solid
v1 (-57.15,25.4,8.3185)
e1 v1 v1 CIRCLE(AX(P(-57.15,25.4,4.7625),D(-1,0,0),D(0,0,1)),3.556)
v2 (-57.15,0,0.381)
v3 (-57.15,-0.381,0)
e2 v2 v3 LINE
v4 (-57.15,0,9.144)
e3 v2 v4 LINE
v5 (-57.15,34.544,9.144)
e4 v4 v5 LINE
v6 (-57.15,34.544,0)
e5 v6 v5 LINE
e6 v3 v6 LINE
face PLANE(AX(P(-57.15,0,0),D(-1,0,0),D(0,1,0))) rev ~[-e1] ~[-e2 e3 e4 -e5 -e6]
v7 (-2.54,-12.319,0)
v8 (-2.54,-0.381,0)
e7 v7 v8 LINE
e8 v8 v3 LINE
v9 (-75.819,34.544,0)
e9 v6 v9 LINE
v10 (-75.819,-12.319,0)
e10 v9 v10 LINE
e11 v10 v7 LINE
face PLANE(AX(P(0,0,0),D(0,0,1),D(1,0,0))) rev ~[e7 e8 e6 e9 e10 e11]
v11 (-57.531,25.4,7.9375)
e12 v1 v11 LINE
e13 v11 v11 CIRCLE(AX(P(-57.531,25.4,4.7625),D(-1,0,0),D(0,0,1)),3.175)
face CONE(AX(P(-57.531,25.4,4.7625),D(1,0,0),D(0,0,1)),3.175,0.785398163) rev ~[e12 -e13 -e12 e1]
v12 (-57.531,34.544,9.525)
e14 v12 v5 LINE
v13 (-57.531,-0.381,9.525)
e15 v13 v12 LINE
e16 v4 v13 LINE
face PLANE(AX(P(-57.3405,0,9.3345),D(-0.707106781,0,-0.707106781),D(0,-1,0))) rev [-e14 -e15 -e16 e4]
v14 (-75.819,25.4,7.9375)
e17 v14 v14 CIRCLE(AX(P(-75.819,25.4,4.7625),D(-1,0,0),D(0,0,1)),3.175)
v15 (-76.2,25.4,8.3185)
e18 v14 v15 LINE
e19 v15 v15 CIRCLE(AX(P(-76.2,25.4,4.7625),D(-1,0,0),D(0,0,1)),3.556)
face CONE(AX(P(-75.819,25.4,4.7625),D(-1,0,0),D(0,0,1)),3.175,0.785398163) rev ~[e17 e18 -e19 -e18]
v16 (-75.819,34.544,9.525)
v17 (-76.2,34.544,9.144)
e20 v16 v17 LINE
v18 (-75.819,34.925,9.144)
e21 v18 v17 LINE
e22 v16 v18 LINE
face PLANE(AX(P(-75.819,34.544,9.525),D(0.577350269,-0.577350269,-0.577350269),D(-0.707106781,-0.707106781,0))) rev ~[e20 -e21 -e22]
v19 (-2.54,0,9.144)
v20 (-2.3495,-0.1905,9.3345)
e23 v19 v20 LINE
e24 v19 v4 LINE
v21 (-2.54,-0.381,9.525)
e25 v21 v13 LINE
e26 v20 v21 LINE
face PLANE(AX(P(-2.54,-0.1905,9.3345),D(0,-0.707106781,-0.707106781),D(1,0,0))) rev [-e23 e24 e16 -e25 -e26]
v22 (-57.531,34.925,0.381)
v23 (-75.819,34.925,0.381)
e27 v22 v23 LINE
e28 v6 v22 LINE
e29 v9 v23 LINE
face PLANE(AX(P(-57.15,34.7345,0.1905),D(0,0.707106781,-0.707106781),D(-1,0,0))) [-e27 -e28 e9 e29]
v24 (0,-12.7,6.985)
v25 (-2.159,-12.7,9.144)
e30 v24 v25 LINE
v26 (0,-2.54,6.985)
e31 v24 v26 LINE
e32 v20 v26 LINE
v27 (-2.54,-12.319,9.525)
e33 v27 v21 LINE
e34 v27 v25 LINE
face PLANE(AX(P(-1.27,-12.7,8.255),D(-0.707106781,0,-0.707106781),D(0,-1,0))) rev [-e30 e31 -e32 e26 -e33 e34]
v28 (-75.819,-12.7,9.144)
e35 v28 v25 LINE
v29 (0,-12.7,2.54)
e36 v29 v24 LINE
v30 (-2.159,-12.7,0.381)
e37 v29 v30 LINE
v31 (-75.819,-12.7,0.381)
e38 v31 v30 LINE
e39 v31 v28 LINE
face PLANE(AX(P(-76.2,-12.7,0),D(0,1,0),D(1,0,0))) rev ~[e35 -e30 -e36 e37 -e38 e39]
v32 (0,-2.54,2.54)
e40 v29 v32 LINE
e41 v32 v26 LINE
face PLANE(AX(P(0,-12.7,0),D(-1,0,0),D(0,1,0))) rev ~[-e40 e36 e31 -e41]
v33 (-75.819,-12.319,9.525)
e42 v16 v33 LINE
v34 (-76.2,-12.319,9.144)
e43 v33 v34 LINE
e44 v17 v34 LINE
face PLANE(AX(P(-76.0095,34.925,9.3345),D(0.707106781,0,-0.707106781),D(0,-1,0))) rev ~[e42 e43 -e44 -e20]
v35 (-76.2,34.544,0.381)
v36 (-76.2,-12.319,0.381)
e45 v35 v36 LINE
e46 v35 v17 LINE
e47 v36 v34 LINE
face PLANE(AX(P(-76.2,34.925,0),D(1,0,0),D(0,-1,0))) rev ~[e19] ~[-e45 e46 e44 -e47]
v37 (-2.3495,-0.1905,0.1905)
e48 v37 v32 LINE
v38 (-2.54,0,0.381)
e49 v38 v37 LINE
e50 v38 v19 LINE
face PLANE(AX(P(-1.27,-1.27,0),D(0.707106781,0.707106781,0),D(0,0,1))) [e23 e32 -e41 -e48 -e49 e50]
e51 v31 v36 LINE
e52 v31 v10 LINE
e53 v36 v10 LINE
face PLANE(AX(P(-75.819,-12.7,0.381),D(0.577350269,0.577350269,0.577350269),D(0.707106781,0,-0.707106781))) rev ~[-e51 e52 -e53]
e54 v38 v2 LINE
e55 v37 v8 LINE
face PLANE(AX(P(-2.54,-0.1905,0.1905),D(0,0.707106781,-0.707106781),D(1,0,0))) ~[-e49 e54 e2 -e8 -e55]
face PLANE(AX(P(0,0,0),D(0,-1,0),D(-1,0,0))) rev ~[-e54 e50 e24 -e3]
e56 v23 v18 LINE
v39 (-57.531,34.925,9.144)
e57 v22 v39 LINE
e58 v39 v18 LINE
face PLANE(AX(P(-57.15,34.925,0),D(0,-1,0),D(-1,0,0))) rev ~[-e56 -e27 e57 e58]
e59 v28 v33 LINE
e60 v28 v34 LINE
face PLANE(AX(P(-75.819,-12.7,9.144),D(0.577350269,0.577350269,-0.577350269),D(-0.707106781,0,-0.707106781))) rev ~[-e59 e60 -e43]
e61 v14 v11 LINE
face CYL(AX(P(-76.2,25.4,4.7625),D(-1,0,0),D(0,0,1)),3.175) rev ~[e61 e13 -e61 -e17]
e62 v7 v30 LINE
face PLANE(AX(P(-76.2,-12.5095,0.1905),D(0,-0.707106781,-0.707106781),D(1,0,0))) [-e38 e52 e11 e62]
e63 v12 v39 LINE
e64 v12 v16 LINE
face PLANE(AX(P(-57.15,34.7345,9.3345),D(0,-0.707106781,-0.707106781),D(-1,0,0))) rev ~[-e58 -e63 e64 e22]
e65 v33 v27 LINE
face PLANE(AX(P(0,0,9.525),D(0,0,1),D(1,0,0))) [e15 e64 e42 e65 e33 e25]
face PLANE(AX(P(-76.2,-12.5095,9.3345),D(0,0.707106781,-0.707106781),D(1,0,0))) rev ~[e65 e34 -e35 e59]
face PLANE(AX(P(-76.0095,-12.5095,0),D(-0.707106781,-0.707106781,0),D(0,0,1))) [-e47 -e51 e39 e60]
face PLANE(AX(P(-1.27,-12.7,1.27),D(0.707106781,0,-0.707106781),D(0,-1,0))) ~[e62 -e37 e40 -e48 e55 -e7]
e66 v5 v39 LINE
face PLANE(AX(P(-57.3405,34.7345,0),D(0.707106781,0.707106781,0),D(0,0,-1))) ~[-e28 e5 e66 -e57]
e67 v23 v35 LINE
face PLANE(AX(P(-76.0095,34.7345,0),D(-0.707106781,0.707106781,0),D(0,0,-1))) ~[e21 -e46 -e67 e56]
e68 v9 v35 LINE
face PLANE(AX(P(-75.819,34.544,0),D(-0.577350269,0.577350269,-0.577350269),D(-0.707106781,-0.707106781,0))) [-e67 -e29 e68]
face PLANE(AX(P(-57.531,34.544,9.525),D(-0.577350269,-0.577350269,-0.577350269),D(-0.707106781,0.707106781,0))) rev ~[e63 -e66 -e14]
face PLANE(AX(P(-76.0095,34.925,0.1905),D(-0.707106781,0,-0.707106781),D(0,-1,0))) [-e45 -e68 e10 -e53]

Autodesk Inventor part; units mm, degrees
ref_plane "YZ Plane" through (0, 0, 0) normal (1, 0, 0) x (0, 1, 0)
ref_plane "XZ Plane" through (0, 0, 0) normal (0, 1, 0) x (-1, 0, 0)
ref_plane "XY Plane" through (0, 0, 0) normal (0, 0, 1) x (1, 0, 0)
sketch "Sketch1" plane through (0, 0, 0) normal (0, 0, 1) x (1, 0, 0)
  line L0 (-57.15, 34.925) -> (-76.2, 34.925)
  line L1 (-76.2, 34.925) -> (-76.2, -12.7)
  line L2 (-76.2, -12.7) -> (0, -12.7)
  line L3 (0, -12.7) -> (0, 0)
  line L4 (0, 0) -> (-57.15, 0)
  line L5 (-57.15, 0) -> (-57.15, 34.925)
extrude "Extrusion1" add sketch "Sketch1" along normal blind 9.525
chamfer "Chamfer4" distance 2.54 angle 45 3 edges at (0, 0, 4.7625) (0, -6.35, 9.525) (0, -6.35, 0)
chamfer "Chamfer2" distance 0.381 angle 45 12 edges at (-76.2, 34.925, 4.7625) (-57.15, 34.925, 4.7625) (-57.15, 17.4625, 9.525) (-66.675, 34.925, 9.525) (-66.675, 34.925, 0) (-76.2, 11.1125, 9.525) (-76.2, 11.1125, 0) (-29.845, 0, 9.525) (-29.845, 0, 0) (-39.37, -12.7, 9.525) (-76.2, -12.7, 4.7625) (-39.37, -12.7, 0)
sketch "Sketch2" plane through (-76.2, -12.319, 0.381) normal (-1, 0, 0) x (0, 0, 1)
  circle A0 centre (4.3815, 37.719) radius 3.175
  line L0 (-0.381, 46.863) -> (-0.381, 0) projected
  line L1 (8.763, 47.244) -> (0, 47.244) projected
  dimension "d6" = 4.7625
  dimension "d7" = 9.525
extrude "Extrusion2" cut sketch "Sketch2" against normal through all
chamfer "Chamfer3" distance 0.381 angle 45 2 edges at (-57.15, 25.4, 1.5875) (-76.2, 25.4, 1.5875)
properties part number "index finger"
